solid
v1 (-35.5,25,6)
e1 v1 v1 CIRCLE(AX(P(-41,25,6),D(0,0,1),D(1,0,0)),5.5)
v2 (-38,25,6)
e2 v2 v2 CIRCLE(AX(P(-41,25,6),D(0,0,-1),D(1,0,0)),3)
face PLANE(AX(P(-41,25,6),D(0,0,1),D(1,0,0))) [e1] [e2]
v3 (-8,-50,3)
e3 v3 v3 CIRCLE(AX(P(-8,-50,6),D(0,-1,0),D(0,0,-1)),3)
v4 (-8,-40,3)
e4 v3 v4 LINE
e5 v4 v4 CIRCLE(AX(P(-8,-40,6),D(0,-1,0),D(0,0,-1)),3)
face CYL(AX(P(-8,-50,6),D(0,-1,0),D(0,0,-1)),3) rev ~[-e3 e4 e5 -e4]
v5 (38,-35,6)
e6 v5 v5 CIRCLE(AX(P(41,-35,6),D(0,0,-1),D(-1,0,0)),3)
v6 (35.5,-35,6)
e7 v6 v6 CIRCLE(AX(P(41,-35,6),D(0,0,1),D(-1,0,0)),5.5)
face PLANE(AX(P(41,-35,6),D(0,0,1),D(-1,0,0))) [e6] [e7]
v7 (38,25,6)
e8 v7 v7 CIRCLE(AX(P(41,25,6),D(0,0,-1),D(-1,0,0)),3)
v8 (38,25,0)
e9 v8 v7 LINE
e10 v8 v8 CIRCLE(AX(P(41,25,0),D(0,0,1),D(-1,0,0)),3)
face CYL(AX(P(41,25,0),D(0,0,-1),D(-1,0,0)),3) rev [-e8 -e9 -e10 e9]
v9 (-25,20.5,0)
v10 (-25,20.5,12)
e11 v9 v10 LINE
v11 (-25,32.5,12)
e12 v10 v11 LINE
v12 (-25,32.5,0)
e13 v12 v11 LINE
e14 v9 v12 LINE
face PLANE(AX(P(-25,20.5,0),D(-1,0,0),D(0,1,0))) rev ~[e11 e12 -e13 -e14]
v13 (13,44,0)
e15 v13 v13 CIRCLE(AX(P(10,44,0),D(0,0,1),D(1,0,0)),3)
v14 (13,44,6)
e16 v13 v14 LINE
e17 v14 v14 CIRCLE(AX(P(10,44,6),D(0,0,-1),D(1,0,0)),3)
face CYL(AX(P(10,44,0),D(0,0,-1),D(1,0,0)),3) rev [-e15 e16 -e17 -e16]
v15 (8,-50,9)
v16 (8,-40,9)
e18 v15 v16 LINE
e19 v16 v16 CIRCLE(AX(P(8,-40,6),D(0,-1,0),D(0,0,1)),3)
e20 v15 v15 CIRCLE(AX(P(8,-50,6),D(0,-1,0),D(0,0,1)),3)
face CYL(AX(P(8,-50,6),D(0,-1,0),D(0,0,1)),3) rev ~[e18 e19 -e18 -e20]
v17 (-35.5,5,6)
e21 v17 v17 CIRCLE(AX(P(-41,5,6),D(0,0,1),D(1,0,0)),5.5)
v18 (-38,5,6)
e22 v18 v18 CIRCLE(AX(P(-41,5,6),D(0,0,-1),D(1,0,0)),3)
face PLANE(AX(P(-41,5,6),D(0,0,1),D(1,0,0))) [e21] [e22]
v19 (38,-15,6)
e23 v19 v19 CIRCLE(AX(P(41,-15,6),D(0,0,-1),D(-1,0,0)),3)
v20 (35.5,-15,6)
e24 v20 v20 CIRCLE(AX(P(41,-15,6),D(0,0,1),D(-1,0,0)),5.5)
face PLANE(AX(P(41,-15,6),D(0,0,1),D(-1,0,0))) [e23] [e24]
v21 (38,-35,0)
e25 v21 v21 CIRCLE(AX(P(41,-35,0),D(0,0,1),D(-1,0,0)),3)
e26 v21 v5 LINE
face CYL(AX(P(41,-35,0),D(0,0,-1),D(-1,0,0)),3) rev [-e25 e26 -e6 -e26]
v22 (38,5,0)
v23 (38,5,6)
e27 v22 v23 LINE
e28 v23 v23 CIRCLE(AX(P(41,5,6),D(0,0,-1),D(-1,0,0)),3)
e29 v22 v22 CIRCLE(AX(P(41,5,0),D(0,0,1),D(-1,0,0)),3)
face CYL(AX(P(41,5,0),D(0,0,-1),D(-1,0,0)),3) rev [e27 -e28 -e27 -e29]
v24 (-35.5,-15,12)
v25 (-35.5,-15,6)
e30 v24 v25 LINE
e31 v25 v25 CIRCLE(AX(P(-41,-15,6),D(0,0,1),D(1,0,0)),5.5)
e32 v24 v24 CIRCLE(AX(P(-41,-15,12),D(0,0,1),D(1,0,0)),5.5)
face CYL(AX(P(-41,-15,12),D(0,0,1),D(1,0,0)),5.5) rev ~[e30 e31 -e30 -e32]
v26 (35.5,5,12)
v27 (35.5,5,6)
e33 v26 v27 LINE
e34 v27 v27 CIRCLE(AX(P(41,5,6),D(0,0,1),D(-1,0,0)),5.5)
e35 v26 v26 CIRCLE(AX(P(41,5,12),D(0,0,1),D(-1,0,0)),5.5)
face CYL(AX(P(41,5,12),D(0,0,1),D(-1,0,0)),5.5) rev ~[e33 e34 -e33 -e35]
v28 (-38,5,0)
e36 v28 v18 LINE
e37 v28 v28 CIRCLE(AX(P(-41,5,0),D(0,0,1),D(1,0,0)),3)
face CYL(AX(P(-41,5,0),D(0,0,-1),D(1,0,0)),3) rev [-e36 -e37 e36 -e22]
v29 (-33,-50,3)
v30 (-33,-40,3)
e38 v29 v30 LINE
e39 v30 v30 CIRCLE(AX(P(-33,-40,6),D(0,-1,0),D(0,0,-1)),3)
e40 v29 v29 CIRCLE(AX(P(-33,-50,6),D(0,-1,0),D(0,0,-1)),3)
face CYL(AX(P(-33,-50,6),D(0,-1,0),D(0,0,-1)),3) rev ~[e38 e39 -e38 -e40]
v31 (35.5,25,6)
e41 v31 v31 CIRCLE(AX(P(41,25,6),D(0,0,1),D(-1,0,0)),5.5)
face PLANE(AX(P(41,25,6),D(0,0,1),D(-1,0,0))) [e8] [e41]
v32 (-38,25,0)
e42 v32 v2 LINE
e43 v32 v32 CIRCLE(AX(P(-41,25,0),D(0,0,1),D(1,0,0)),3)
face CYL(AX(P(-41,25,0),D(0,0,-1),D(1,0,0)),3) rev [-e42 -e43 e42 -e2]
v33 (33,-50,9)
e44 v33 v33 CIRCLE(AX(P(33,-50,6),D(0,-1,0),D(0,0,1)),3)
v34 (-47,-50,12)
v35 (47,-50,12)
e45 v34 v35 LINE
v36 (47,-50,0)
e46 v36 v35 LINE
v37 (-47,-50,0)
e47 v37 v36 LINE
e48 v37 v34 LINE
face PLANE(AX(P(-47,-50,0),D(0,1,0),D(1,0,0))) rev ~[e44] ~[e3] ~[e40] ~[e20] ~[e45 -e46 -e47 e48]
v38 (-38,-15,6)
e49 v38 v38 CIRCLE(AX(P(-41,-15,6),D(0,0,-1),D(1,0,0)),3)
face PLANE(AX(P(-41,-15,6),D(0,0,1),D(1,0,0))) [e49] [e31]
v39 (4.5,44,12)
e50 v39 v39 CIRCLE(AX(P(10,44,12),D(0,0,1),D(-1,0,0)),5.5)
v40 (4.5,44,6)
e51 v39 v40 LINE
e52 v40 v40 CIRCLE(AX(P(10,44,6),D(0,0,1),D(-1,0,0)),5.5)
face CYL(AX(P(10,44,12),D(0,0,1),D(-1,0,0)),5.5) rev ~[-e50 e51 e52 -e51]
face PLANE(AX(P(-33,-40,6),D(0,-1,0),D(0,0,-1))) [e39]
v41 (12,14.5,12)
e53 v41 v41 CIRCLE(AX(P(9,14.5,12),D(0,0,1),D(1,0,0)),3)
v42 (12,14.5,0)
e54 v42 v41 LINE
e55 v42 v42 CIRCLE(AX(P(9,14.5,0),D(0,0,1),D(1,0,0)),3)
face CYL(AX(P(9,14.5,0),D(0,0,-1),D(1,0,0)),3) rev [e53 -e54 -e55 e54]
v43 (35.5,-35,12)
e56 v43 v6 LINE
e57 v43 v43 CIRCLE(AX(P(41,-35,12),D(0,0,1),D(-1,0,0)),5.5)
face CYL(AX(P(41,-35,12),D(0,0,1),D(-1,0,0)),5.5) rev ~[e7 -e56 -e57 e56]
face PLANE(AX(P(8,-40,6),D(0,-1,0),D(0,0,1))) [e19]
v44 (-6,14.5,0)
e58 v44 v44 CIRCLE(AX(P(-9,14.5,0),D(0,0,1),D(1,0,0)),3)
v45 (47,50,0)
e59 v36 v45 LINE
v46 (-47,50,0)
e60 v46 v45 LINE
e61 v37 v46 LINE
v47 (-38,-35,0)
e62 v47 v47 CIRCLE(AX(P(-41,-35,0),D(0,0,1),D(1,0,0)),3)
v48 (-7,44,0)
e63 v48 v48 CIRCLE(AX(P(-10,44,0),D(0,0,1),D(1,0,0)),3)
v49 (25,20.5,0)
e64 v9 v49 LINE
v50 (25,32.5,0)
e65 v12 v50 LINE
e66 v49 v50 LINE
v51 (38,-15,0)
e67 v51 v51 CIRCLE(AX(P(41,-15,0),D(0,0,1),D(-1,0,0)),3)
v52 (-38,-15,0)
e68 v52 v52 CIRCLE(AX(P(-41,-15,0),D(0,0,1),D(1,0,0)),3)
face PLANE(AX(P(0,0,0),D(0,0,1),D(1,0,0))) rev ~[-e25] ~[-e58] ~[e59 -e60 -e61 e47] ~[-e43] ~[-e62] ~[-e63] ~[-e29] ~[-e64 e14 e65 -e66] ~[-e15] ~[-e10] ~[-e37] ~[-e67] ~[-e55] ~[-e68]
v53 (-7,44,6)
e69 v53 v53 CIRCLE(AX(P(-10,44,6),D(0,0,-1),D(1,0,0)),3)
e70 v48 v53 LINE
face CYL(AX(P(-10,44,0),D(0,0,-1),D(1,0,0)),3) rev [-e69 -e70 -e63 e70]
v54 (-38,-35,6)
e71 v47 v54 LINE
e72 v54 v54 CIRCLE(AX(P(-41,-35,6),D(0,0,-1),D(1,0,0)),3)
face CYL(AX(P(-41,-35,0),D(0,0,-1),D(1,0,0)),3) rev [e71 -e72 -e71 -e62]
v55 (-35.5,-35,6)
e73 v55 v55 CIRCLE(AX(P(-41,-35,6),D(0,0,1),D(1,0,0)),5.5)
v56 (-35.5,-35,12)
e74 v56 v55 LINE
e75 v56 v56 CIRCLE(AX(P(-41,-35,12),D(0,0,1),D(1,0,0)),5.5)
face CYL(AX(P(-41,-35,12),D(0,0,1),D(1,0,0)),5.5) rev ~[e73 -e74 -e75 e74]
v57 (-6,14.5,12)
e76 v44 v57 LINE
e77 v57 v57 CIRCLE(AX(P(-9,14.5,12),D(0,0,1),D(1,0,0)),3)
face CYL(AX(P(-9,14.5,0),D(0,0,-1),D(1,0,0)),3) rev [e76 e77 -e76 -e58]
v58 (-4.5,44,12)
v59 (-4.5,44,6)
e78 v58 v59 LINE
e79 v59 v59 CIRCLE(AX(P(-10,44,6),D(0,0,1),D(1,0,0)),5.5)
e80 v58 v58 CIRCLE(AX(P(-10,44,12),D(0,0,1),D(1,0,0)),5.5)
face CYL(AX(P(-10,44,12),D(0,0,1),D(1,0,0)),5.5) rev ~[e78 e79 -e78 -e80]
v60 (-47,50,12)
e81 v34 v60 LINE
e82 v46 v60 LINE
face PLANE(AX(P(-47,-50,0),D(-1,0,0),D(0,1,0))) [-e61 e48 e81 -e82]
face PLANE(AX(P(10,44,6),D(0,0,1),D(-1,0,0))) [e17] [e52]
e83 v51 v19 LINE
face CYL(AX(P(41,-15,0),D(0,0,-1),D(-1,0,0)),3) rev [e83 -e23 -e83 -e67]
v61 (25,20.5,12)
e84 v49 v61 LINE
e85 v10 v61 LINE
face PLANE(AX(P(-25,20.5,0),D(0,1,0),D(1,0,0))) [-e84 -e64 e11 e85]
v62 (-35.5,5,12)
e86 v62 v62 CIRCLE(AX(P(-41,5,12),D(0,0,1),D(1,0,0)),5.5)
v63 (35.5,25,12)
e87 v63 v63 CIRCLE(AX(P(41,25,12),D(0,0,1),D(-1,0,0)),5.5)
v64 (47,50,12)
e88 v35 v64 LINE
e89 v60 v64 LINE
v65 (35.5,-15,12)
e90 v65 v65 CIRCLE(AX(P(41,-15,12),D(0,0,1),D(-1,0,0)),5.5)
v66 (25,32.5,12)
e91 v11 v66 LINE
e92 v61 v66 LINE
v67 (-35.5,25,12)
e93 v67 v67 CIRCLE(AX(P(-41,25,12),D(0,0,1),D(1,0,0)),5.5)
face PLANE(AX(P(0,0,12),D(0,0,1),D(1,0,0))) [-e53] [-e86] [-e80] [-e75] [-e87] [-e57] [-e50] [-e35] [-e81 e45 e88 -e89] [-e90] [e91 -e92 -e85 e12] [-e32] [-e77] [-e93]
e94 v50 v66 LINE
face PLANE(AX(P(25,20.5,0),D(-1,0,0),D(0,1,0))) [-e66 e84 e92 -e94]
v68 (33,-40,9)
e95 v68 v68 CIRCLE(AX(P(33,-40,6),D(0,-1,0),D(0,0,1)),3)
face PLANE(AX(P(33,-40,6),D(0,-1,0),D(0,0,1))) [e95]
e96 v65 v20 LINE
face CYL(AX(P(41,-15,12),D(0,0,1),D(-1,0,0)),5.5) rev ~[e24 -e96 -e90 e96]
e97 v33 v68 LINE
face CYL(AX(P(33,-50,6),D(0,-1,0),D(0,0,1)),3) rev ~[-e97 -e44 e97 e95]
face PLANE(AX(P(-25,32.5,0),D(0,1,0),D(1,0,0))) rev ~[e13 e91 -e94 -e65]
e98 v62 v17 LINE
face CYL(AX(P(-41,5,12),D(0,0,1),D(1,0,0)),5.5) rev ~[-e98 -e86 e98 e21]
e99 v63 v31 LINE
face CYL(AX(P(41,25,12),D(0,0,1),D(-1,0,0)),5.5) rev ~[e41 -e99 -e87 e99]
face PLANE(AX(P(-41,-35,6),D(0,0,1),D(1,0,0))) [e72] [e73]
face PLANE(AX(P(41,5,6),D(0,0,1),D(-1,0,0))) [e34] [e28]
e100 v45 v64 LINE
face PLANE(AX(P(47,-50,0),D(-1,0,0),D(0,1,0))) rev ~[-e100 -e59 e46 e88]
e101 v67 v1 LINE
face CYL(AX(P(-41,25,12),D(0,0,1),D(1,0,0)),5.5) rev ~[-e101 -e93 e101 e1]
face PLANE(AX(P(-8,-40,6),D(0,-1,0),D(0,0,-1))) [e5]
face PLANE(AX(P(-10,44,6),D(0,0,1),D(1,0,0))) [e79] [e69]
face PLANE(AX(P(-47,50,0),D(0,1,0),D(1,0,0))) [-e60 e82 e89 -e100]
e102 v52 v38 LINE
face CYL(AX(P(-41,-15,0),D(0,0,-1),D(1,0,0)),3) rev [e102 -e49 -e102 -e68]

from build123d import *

# Parameters (mm, degrees)
SKETCH_1_W          = 94
SKETCH_1_H          = 100
SKETCH_1_R          = 3
SKETCH_1_W_2        = 50
SKETCH_1_H_2        = 12
EXTRUDE_1_DEPTH     = 12
SKETCH_2_R          = 5.5
CUT_EXTRUDE_1_DEPTH = 6
SKETCH_3_R          = 3
CUT_EXTRUDE_2_DEPTH = 10


with BuildPart() as part:
    # 草图1 → 凸台-拉伸1 (new body)
    with BuildSketch(Plane.XY):
        Rectangle(SKETCH_1_W, SKETCH_1_H)
        with Locations((10, 44)):
            Circle(SKETCH_1_R, mode=Mode.SUBTRACT)
        with Locations((-10, 44)):
            Circle(SKETCH_1_R, mode=Mode.SUBTRACT)
        with Locations((-41, -35)):
            Circle(SKETCH_1_R, mode=Mode.SUBTRACT)
        with Locations((-41, -15)):
            Circle(SKETCH_1_R, mode=Mode.SUBTRACT)
        with Locations((-41, 5)):
            Circle(SKETCH_1_R, mode=Mode.SUBTRACT)
        with Locations((-41, 25)):
            Circle(SKETCH_1_R, mode=Mode.SUBTRACT)
        with Locations(Location((41, -35, 0), (0, 0, 180))):
            Circle(SKETCH_1_R, mode=Mode.SUBTRACT)
        with Locations(Location((41, -15, 0), (0, 0, 180))):
            Circle(SKETCH_1_R, mode=Mode.SUBTRACT)
        with Locations(Location((41, 5, 0), (0, 0, 180))):
            Circle(SKETCH_1_R, mode=Mode.SUBTRACT)
        with Locations(Location((41, 25, 0), (0, 0, 180))):
            Circle(SKETCH_1_R, mode=Mode.SUBTRACT)
        with Locations((-9, 14.5)):
            Circle(SKETCH_1_R, mode=Mode.SUBTRACT)
        with Locations((9, 14.5)):
            Circle(SKETCH_1_R, mode=Mode.SUBTRACT)
        with Locations((0, 26.5)):
            Rectangle(SKETCH_1_W_2, SKETCH_1_H_2, mode=Mode.SUBTRACT)
    extrude(amount=EXTRUDE_1_DEPTH)

    # 草图2 → 切除-拉伸1 (cut)
    with BuildSketch(Plane.XY.offset(12)):
        with Locations((-10, 44)):
            Circle(SKETCH_2_R)
        with Locations((-41, 25)):
            Circle(SKETCH_2_R)
        with Locations((-41, 5)):
            Circle(SKETCH_2_R)
        with Locations((-41, -15)):
            Circle(SKETCH_2_R)
        with Locations(Location((41, -35, 0), (0, 0, 180))):
            Circle(SKETCH_2_R)
        with Locations((-41, -35)):
            Circle(SKETCH_2_R)
        with Locations(Location((41, -15, 0), (0, 0, 180))):
            Circle(SKETCH_2_R)
        with Locations(Location((41, 5, 0), (0, 0, 180))):
            Circle(SKETCH_2_R)
        with Locations(Location((41, 25, 0), (0, 0, 180))):
            Circle(SKETCH_2_R)
        with Locations(Location((10, 44, 0), (0, 0, 180))):
            Circle(SKETCH_2_R)
    extrude(amount=-CUT_EXTRUDE_1_DEPTH, mode=Mode.SUBTRACT)

    # 草图3 → 切除-拉伸2 (cut)
    with BuildSketch(Plane.XZ.offset(50)):
        with Locations(Location((-33, 6, 0), (0, 0, 270))):
            Circle(SKETCH_3_R)
        with Locations(Location((-8, 6, 0), (0, 0, 270))):
            Circle(SKETCH_3_R)
        with Locations(Location((33, 6, 0), (0, 0, 90))):
            Circle(SKETCH_3_R)
        with Locations(Location((8, 6, 0), (0, 0, 90))):
            Circle(SKETCH_3_R)
    extrude(amount=-CUT_EXTRUDE_2_DEPTH, mode=Mode.SUBTRACT)


solid = part.part
